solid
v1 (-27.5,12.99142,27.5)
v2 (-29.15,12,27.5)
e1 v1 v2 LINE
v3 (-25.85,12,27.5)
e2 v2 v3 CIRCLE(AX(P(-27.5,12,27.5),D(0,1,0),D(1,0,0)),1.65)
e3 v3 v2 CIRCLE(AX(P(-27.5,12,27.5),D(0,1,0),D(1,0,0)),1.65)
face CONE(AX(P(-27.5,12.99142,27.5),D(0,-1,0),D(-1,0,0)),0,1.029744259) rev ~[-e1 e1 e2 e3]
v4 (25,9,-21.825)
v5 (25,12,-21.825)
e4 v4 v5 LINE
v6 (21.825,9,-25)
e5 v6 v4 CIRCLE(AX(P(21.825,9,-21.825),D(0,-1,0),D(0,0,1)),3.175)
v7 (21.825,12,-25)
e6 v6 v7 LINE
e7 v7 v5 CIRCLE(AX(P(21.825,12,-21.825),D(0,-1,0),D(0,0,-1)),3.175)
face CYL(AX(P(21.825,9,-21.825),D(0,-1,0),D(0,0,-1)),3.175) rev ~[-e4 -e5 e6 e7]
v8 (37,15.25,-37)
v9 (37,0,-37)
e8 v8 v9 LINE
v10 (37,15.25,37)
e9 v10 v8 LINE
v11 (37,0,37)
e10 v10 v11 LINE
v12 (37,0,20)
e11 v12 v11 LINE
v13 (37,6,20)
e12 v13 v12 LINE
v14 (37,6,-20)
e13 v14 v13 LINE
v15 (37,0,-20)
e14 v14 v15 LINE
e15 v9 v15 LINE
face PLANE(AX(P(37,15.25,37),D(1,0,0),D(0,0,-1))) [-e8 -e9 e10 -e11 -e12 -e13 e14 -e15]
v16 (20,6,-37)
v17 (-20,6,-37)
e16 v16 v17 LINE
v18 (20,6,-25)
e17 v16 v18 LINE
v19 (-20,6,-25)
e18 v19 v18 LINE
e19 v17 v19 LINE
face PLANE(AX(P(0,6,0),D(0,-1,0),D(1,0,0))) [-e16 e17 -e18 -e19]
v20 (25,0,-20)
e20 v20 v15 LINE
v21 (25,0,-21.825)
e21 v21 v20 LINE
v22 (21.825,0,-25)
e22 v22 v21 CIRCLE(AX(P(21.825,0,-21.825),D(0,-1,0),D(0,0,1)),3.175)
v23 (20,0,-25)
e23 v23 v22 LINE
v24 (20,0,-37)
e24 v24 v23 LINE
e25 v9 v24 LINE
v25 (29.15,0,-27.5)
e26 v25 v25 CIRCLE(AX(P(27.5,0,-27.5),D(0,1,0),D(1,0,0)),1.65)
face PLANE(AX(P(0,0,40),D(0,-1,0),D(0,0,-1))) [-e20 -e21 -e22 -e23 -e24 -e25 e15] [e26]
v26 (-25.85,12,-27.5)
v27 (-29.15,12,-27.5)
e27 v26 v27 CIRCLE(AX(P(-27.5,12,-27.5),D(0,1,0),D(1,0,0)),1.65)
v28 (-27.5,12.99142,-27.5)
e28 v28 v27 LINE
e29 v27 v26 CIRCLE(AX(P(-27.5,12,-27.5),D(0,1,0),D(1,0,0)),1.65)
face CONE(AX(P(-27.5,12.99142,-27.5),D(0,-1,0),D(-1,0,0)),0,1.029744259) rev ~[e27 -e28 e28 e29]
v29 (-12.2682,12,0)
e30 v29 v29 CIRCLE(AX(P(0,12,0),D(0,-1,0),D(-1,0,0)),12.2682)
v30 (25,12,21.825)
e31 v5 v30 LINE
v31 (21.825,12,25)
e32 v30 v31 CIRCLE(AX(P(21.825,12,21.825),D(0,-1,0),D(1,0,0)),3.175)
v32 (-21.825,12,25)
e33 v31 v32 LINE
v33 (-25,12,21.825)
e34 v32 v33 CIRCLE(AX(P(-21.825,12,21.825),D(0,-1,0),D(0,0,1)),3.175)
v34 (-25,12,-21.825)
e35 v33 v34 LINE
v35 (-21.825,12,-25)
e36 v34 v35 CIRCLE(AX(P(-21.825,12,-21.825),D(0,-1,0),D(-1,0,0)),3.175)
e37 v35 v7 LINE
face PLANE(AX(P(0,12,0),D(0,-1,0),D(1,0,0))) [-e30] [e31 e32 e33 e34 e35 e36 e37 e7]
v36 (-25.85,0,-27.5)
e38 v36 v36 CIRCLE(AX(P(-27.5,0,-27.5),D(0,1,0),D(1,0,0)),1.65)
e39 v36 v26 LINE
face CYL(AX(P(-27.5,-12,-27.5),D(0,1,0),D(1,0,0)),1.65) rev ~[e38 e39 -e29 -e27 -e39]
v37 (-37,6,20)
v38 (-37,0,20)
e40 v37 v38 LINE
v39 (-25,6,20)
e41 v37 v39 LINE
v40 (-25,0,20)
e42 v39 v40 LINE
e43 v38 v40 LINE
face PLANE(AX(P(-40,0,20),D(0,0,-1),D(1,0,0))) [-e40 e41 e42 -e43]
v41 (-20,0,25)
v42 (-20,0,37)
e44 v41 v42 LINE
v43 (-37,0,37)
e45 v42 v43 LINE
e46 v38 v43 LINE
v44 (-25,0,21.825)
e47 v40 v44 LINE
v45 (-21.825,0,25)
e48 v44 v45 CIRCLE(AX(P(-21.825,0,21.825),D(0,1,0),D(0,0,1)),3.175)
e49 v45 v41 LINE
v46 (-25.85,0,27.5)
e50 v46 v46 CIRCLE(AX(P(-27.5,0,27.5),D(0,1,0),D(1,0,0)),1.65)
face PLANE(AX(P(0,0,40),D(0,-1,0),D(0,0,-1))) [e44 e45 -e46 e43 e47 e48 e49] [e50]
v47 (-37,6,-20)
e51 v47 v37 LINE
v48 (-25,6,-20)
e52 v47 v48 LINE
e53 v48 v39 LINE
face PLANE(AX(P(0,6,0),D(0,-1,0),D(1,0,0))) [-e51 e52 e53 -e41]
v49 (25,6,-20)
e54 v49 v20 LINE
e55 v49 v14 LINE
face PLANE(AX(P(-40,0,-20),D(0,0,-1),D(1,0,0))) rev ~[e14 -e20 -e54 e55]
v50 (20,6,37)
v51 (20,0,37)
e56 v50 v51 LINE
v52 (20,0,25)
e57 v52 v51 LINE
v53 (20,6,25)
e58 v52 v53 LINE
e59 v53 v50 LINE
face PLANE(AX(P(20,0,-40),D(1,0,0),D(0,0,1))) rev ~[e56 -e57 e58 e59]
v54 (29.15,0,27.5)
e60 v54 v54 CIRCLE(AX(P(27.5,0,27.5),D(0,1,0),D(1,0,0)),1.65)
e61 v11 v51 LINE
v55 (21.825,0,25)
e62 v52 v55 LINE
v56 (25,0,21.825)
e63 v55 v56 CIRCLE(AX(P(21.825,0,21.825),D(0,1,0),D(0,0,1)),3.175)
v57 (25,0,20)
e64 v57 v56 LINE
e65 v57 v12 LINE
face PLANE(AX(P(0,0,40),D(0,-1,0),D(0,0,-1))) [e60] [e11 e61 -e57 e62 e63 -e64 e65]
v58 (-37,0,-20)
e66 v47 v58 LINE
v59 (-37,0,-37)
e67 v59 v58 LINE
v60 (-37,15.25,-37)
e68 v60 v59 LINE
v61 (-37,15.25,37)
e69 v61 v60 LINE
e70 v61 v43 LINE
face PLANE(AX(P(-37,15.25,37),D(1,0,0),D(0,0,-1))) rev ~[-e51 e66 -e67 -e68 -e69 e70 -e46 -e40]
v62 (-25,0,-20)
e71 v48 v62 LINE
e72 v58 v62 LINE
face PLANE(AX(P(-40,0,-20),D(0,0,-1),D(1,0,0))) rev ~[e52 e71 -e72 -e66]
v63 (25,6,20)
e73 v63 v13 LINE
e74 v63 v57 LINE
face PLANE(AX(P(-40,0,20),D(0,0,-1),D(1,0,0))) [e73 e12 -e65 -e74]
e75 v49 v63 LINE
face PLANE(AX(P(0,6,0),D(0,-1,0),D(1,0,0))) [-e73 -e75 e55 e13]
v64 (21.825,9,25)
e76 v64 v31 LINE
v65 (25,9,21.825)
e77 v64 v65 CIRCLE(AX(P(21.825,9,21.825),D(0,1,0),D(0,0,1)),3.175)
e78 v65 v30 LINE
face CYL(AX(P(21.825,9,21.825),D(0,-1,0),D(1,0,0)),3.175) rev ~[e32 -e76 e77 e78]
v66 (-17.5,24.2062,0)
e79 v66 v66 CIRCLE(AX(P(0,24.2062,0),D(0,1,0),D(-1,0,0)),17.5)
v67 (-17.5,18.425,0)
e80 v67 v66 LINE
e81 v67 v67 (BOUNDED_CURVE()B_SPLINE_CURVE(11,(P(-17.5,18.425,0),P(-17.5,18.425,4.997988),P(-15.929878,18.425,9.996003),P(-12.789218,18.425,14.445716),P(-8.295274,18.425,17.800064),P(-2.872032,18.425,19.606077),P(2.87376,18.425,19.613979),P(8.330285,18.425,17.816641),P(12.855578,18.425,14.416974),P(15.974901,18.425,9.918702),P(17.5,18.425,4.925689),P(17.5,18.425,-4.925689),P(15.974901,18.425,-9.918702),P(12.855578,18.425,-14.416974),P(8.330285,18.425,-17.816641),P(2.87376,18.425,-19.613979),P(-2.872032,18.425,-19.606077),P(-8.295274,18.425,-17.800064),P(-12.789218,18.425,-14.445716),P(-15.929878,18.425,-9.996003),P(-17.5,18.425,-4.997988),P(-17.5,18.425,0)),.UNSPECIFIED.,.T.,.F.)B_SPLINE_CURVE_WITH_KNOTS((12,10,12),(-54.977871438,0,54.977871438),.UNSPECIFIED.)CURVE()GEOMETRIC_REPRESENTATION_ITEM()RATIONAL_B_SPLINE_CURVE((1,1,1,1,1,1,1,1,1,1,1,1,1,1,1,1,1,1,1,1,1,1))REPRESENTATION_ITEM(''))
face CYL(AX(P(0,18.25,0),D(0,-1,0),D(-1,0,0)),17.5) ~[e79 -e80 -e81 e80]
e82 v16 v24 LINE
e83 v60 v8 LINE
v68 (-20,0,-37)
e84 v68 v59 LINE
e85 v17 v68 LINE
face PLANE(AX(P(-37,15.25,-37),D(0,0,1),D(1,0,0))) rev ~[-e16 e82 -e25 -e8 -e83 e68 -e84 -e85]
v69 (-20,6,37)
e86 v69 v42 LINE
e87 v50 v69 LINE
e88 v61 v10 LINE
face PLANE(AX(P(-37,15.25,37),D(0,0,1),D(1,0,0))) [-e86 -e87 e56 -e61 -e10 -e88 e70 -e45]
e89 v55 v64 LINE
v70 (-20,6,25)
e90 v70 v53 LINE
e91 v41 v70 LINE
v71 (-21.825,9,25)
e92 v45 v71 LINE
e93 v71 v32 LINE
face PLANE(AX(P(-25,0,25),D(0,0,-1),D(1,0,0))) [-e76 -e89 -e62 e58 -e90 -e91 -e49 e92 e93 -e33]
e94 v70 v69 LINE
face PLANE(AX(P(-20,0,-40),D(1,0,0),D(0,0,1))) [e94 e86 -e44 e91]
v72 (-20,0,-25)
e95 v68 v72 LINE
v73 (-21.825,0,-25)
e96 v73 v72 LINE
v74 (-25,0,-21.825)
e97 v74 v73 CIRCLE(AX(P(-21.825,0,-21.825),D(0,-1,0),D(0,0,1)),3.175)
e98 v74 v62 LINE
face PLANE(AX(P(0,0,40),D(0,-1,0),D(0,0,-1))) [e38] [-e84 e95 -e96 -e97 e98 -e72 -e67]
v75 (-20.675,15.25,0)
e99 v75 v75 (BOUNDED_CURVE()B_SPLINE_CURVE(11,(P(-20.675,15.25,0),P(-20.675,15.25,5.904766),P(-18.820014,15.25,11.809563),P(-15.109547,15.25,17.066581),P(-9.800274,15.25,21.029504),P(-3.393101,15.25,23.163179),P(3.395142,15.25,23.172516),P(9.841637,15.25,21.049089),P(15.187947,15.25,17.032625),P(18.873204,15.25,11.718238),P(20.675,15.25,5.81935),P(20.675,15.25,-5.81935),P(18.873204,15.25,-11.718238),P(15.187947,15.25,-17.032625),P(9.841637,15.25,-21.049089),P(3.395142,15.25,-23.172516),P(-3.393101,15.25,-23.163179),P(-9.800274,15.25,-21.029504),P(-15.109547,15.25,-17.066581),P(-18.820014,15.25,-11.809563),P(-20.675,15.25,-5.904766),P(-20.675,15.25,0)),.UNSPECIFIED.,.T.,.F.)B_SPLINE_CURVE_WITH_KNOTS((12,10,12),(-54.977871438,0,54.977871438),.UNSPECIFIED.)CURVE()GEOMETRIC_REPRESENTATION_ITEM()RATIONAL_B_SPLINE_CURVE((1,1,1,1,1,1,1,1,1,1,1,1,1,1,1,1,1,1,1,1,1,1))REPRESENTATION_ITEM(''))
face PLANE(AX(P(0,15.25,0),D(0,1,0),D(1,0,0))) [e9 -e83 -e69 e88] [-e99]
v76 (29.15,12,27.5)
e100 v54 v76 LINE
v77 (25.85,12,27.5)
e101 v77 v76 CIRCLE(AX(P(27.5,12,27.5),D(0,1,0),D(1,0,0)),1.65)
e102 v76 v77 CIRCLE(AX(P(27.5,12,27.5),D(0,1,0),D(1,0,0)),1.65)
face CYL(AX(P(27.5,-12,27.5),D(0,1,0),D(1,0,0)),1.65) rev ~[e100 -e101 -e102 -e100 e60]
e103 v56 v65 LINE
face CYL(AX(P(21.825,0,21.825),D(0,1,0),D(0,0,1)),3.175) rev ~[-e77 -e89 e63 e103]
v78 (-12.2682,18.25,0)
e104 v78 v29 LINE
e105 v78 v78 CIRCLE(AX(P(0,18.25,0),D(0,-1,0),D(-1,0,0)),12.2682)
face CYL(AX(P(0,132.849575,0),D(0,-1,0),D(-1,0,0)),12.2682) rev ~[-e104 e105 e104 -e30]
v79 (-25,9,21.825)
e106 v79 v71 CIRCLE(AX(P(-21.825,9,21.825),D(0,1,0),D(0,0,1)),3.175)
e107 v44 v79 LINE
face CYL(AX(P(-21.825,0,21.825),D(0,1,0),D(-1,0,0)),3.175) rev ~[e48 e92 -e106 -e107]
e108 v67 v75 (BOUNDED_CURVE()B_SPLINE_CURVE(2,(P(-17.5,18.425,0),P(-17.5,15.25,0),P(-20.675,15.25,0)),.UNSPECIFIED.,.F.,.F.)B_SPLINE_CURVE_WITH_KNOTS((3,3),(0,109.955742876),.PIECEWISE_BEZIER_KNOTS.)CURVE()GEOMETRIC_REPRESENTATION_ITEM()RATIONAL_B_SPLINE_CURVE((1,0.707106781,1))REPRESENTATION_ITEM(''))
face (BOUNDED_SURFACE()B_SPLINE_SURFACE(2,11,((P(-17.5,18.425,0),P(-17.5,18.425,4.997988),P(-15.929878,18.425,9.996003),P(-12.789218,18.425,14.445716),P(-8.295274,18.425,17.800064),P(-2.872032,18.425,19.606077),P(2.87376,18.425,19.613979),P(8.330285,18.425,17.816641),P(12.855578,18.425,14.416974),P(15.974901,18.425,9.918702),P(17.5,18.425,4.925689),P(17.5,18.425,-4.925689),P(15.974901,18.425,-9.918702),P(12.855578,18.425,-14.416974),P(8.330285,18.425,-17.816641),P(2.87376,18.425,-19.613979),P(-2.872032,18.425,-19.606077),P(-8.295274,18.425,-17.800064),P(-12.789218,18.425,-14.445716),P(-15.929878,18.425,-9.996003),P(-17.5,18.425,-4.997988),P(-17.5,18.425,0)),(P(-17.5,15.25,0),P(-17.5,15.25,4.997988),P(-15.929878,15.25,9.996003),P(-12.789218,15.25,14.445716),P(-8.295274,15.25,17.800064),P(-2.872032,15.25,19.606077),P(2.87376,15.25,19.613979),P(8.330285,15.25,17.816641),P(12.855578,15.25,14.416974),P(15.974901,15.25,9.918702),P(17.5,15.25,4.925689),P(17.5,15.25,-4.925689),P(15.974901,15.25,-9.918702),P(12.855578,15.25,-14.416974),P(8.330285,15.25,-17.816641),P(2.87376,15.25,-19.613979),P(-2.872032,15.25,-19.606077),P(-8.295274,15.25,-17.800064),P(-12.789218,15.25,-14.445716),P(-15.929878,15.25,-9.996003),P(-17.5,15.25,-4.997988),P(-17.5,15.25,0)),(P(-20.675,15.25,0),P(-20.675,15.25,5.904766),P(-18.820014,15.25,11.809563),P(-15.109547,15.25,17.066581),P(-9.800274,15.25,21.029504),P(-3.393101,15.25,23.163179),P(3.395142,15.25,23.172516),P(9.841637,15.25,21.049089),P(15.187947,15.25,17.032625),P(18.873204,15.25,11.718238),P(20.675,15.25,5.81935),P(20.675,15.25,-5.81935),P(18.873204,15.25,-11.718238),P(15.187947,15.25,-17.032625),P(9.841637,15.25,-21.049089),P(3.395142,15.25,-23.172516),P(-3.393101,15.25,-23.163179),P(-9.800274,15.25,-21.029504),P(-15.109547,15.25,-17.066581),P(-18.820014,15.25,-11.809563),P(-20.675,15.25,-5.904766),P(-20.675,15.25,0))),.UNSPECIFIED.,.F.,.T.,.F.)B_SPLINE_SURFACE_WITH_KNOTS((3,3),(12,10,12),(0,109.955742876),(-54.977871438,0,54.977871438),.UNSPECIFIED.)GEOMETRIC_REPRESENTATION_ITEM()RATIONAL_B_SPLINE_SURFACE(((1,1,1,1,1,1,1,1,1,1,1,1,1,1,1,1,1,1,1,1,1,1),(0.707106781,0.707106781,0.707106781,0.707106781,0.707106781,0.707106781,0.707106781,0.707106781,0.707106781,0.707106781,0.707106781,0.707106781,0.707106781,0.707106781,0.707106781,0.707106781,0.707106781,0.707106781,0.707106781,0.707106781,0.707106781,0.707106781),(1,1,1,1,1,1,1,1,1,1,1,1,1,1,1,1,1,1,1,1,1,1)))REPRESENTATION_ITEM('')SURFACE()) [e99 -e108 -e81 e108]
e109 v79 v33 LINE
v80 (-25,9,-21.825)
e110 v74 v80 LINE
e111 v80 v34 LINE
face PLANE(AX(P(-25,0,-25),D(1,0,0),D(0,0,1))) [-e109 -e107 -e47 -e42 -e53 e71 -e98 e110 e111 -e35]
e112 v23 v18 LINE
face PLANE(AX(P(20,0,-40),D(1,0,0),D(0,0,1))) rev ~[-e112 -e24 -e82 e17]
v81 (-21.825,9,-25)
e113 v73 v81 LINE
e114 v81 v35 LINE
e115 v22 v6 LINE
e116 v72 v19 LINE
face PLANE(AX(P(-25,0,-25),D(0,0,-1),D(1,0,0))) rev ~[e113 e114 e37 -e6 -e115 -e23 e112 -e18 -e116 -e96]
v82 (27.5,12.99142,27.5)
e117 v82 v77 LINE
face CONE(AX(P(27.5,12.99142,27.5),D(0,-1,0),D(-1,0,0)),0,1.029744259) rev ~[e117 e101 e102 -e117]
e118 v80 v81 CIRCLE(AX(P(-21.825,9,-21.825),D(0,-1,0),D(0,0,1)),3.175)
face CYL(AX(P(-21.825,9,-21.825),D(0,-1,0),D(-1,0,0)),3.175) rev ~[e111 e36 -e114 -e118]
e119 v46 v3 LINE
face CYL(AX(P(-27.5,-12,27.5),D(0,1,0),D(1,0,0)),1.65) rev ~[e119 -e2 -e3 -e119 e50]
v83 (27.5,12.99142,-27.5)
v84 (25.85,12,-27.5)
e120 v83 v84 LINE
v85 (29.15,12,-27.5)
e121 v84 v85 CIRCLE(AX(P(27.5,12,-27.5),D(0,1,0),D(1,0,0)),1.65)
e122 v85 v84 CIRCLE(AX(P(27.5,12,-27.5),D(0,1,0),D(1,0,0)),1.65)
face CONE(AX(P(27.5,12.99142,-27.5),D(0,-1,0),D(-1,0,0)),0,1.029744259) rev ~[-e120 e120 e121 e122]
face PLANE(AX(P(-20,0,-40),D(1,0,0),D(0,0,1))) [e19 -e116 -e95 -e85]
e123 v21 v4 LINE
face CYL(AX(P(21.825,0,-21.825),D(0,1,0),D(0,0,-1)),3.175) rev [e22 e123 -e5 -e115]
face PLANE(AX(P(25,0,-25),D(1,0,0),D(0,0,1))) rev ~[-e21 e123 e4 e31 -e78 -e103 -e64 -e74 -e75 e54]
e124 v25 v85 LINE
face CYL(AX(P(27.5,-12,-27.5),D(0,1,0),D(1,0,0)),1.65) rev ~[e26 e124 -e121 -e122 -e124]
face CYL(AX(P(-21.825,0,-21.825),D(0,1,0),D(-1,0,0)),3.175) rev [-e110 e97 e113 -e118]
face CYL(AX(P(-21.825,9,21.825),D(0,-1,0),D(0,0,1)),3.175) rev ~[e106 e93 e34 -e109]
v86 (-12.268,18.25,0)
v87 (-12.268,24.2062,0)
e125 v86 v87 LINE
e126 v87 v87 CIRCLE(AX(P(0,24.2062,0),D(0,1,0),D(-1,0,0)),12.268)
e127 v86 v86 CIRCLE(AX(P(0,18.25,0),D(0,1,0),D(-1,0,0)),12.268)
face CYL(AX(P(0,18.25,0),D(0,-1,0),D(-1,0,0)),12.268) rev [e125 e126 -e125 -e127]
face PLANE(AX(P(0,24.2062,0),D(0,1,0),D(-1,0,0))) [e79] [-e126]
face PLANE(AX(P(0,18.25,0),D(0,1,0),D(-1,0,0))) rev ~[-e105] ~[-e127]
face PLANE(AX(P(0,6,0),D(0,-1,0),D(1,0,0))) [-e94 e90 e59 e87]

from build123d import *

# Parameters (mm, degrees)
SKETCH1_W            = 18.25
SKETCH1_H            = 40
OUTLINE_DEPTH        = 40
OUTLINE_DEPTH_BACK   = 40
SKETCH2_W            = 40
SKETCH2_H            = 80
EXTRUSION15_DEPTH    = 6
CAMERA_MOUNT_D       = 24.5364
SKETCH5_R            = 17.5
SKETCH5_R_2          = 12.268
EXTRUSION19_DEPTH    = 5.9562
SKETCH10_W           = 80
SKETCH10_H           = 80
SKETCH10_R           = 17.5
CUT_EXTRUDE1_DEPTH   = 3
SKETCH6_W            = 80
SKETCH6_H            = 40
EXTRUSION21_DEPTH    = 6
SKETCH7_W            = 50
SKETCH7_H            = 50
EXTRUSION22_DEPTH    = 9
FILLET4_R            = 3.175
HOLE7_D              = 3.3
HOLE7_DEPTH          = 12
HOLE7_TIP            = 0.991420021
SKETCH11_OUTSIDE_W   = 105.14
SKETCH11_OUTSIDE_H   = 105.14
SKETCH11_OUTSIDE_W_2 = 74
SKETCH11_OUTSIDE_H_2 = 74
CUT_EXTRUDE2_DEPTH   = 16.25
CUT_EXTRUDE3_DEPTH   = 3


with BuildPart() as part:
    # Sketch1 → Outline (new body, two sides)
    with BuildSketch(Plane.YZ) as outline_sk:
        Polygon((18.25, 40), (5.33, 40), (0, 40), (0, 0), (18.25, 0), align=None)
        with Locations((9.125, -20)):
            Rectangle(SKETCH1_W, SKETCH1_H)
    extrude(amount=OUTLINE_DEPTH)
    extrude(outline_sk.sketch, amount=-OUTLINE_DEPTH_BACK)

    # Sketch2 → Extrusion15 (cut)
    with BuildSketch(Plane.XZ):
        Rectangle(SKETCH2_W, SKETCH2_H)
    extrude(amount=-EXTRUSION15_DEPTH, mode=Mode.SUBTRACT)

    # Camera mount (through all)
    with Locations(Plane(origin=(0, 18.25, 0), x_dir=(1, 0, 0), z_dir=(0, 1, 0))):
        with Locations((0, 0)):
            Hole(CAMERA_MOUNT_D / 2)

    # Sketch5 → Extrusion19 (add)
    with BuildSketch(Plane(origin=(0, 18.25, 0), x_dir=(-1, 0, 0), z_dir=(0, 1, 0))):
        Circle(SKETCH5_R)
        Circle(SKETCH5_R_2, mode=Mode.SUBTRACT)
    extrude(amount=EXTRUSION19_DEPTH)

    # Sketch10 → Cut-Extrude1 (cut)
    with BuildSketch(Plane(origin=(0, 18.25, 0), x_dir=(1, 0, 0), z_dir=(0, 1, 0))):
        Rectangle(SKETCH10_W, SKETCH10_H)
        Circle(SKETCH10_R, mode=Mode.SUBTRACT)
    extrude(amount=-CUT_EXTRUDE1_DEPTH, mode=Mode.SUBTRACT)

    # Sketch6 → Extrusion21 (cut)
    with BuildSketch(Plane.XZ):
        Rectangle(SKETCH6_W, SKETCH6_H)
    extrude(amount=-EXTRUSION21_DEPTH, mode=Mode.SUBTRACT)

    # Sketch7 → Extrusion22 (cut)
    with BuildSketch(Plane.XZ):
        Rectangle(SKETCH7_W, SKETCH7_H)
    extrude(amount=-EXTRUSION22_DEPTH, mode=Mode.SUBTRACT)

    # Fillet4
    fillet4_edges = [part.edges().sort_by_distance(p)[0] for p in [
        (-25, 4.5, 25),
        (25, 4.5, -25),
        (25, 4.5, 25),
        (-25, 4.5, -25),
        (-17.5, 15.25, 0),
    ]]
    fillet(fillet4_edges, radius=FILLET4_R)

    # Hole7
    with Locations(Plane(origin=(0, 0, 0), x_dir=(-1, 0, 0), z_dir=(0, -1, 0))):
        with Locations((27.5, 27.5), (-27.5, 27.5), (-27.5, -27.5), (27.5, -27.5)):
            Hole(HOLE7_D / 2, depth=HOLE7_DEPTH)
            with Locations((0, 0, -(HOLE7_DEPTH + HOLE7_TIP / 2))):  # 118° drill point
                Cone(0, HOLE7_D / 2, HOLE7_TIP, mode=Mode.SUBTRACT)

    # Sketch11 outside → Cut-Extrude2 (cut, through all)
    with BuildSketch(Plane(origin=(0, 15.25, 0), x_dir=(1, 0, 0), z_dir=(0, 1, 0))):
        Rectangle(SKETCH11_OUTSIDE_W, SKETCH11_OUTSIDE_H)
        Rectangle(SKETCH11_OUTSIDE_W_2, SKETCH11_OUTSIDE_H_2, mode=Mode.SUBTRACT)
    extrude(amount=-CUT_EXTRUDE2_DEPTH, mode=Mode.SUBTRACT)

    # Sketch13 → Cut-Extrude3 (cut)
    with BuildSketch(Plane.XZ.offset(-9)):
        with BuildLine():
            Line((21.825, 25), (-21.825, 25))
            ThreePointArc((-21.825, 25), (-24.07006403, 24.07006403), (-25, 21.825))
            Line((-25, 21.825), (-25, -21.825))
            ThreePointArc((-25, -21.825), (-24.07006403, -24.07006403), (-21.825, -25))
            Line((-21.825, -25), (21.825, -25))
            ThreePointArc((21.825, -25), (24.07006403, -24.07006403), (25, -21.825))
            Line((25, -21.825), (25, 21.825))
            ThreePointArc((25, 21.825), (24.07006403, 24.07006403), (21.825, 25))
        make_face()
    extrude(amount=-CUT_EXTRUDE3_DEPTH, mode=Mode.SUBTRACT)


solid = part.part
